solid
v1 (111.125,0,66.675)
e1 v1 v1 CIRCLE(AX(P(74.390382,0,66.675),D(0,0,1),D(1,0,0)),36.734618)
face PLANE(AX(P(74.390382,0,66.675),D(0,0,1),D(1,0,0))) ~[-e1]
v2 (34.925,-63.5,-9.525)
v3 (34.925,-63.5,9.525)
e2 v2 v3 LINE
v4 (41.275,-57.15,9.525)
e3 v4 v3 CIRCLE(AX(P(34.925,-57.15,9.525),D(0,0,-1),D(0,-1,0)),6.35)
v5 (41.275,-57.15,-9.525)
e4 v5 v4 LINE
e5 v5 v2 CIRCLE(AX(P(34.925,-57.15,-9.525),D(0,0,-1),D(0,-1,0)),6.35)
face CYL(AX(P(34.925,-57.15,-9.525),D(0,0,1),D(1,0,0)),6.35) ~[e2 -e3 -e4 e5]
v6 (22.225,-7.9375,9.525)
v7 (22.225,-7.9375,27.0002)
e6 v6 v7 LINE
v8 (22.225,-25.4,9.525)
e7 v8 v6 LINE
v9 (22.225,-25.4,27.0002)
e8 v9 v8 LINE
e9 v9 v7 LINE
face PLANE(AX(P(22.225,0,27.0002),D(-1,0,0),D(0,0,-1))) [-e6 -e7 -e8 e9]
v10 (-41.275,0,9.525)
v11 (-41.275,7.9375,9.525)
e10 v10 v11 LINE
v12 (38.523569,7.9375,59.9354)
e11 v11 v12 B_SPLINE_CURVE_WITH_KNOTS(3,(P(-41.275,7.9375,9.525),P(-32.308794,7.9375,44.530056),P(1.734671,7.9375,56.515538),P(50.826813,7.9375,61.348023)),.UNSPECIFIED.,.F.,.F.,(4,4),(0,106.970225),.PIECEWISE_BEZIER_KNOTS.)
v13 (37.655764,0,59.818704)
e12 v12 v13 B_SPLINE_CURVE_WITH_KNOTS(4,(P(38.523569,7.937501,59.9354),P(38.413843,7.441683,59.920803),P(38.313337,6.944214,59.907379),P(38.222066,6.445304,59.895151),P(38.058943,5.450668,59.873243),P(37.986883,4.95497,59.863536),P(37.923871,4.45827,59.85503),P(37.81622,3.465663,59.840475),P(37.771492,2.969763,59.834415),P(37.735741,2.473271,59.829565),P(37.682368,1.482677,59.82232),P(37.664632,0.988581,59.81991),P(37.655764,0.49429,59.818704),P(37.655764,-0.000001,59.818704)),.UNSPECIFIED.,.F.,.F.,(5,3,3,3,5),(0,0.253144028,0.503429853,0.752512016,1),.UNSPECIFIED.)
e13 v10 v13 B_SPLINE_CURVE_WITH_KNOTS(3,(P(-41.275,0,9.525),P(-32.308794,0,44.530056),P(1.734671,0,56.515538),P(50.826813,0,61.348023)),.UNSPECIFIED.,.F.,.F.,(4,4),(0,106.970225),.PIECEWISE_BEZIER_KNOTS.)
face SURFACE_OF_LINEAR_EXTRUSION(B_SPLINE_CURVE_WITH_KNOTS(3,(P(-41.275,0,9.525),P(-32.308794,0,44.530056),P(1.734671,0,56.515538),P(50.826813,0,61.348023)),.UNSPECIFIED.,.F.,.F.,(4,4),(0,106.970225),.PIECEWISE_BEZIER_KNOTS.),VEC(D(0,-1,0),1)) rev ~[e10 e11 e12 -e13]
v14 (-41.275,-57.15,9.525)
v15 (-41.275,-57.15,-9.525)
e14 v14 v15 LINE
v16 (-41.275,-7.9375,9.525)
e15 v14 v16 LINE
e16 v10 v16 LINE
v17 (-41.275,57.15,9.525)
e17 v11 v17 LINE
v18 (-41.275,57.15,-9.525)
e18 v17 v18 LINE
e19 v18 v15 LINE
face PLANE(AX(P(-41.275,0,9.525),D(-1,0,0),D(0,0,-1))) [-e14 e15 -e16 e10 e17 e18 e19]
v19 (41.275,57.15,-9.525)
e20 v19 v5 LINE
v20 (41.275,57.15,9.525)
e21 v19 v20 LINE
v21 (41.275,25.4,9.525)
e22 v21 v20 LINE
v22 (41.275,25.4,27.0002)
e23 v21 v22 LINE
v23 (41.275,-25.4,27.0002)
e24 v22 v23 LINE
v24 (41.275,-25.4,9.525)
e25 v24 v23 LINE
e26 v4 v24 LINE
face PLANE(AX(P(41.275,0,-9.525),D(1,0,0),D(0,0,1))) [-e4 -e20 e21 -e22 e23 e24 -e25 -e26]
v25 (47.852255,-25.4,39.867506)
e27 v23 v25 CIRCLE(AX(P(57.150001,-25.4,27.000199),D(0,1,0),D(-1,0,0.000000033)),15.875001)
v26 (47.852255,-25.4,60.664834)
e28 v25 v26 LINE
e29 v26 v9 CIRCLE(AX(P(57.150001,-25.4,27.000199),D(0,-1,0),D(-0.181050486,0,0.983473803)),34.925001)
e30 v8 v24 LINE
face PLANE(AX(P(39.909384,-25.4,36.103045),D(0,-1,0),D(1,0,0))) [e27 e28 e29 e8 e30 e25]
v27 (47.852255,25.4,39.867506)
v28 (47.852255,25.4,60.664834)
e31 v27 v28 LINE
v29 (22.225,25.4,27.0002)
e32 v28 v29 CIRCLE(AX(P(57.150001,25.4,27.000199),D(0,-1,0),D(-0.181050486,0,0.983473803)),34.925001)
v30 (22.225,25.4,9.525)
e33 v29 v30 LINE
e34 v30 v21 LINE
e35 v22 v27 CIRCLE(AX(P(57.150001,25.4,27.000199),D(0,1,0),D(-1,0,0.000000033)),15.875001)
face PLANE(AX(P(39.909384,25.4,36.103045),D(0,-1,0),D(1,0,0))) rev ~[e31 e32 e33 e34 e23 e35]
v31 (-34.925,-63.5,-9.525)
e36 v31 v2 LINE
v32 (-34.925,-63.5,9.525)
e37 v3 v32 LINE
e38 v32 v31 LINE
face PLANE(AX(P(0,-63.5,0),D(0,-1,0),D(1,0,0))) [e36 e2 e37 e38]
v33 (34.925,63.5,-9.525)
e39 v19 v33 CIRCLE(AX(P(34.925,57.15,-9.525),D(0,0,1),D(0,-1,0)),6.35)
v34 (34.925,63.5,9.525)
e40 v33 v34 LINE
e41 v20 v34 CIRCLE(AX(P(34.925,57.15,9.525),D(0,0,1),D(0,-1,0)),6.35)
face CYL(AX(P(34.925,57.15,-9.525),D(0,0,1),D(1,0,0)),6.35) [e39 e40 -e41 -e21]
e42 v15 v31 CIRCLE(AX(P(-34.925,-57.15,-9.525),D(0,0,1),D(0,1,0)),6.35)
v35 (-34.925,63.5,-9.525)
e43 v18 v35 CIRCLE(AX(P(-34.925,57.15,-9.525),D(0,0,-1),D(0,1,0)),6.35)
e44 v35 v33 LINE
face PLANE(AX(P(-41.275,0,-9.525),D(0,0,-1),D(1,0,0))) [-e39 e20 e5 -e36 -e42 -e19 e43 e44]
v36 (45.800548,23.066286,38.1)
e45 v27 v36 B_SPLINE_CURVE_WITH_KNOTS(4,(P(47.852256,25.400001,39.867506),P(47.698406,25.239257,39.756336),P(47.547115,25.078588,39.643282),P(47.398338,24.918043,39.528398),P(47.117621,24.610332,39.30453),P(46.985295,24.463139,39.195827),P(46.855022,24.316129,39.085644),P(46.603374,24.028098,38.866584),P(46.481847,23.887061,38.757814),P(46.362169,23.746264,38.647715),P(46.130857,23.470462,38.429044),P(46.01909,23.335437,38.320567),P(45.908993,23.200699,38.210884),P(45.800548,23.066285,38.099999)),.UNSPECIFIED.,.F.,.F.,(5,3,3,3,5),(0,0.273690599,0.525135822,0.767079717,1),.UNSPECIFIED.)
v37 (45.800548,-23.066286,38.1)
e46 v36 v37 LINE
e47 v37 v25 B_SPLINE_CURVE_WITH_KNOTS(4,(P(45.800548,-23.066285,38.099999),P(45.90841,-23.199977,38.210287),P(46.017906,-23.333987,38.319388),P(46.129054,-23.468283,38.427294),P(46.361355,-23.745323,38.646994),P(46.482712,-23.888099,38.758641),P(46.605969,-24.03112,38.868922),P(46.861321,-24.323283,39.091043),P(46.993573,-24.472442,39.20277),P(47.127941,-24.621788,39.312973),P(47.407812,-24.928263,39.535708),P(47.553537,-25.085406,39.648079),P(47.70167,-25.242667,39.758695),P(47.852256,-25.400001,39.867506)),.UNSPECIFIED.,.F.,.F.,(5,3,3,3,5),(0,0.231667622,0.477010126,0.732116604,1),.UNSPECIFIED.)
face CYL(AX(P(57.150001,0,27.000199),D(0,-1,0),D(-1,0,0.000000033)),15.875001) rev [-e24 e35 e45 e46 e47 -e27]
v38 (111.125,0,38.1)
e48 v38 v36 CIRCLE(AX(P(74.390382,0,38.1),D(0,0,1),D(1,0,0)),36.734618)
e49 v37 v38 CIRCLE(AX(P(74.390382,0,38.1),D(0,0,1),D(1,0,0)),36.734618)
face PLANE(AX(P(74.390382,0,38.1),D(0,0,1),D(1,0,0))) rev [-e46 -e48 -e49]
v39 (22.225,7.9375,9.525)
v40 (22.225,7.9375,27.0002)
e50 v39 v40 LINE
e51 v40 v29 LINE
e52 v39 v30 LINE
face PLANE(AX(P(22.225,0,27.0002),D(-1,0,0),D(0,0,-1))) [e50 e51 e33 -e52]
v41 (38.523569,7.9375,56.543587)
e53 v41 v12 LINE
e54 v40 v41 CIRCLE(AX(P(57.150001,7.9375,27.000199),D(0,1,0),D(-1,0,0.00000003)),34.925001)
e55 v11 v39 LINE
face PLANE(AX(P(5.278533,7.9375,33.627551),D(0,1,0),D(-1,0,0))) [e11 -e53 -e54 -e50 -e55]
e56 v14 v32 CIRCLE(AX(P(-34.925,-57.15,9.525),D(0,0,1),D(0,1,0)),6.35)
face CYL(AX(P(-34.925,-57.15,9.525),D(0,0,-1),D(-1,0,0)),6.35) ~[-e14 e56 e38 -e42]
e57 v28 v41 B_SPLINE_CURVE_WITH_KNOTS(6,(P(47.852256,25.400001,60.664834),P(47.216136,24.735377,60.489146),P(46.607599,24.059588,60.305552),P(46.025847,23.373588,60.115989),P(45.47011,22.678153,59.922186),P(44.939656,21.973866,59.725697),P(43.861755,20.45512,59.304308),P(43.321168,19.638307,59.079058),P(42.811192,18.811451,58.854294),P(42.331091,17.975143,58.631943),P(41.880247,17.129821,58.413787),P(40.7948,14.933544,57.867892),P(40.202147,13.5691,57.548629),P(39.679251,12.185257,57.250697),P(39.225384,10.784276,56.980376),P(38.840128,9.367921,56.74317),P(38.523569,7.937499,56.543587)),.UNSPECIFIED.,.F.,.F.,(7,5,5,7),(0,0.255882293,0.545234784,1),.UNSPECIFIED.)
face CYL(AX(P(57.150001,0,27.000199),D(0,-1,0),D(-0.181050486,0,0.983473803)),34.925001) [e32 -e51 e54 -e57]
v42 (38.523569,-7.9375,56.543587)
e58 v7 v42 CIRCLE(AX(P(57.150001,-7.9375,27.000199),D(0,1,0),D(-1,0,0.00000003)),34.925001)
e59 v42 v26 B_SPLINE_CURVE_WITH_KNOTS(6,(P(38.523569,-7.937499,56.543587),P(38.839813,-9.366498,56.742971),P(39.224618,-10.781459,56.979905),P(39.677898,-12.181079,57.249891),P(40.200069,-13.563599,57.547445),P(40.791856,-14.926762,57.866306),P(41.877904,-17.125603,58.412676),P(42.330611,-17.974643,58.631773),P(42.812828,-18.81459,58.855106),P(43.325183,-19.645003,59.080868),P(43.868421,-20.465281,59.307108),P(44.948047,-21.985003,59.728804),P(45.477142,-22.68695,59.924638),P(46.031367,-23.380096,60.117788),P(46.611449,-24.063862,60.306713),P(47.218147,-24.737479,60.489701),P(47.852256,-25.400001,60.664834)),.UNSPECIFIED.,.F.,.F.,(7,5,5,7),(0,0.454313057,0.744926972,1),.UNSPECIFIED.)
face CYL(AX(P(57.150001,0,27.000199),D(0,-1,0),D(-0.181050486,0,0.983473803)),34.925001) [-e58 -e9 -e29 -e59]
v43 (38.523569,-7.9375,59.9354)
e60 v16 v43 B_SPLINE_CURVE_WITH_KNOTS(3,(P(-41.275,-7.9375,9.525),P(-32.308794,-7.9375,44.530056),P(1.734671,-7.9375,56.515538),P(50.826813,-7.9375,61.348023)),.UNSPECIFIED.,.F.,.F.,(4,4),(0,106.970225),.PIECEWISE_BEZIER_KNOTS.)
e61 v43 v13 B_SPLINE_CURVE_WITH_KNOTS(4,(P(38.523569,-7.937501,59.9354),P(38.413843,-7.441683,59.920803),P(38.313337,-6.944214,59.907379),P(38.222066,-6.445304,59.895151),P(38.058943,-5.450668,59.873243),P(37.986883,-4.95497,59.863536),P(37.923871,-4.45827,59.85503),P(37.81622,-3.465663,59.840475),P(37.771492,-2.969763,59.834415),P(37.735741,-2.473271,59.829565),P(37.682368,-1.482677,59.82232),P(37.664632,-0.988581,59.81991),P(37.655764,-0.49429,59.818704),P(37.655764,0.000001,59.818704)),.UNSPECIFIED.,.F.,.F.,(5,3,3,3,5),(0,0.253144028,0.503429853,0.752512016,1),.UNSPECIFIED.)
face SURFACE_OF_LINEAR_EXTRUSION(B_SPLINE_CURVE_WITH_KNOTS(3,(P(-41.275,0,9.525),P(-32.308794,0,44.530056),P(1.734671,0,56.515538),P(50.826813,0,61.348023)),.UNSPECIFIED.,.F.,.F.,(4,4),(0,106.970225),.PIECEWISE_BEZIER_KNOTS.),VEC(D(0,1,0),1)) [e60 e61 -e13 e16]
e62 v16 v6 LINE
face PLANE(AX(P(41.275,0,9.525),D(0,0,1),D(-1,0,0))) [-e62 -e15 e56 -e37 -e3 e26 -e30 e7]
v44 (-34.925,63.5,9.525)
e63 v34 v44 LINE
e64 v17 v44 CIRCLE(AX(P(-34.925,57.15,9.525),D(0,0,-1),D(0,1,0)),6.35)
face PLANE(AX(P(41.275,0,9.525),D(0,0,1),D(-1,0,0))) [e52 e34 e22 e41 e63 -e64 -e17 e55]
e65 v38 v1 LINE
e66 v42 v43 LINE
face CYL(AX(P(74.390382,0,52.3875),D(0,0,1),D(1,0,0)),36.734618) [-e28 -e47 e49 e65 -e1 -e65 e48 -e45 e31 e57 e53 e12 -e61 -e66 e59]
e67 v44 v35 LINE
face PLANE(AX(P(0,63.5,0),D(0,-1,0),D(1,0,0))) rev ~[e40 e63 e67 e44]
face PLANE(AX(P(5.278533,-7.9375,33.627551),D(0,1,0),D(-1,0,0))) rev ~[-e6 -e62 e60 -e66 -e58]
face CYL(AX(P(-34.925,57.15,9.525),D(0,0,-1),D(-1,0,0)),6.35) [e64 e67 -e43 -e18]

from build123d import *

# Parameters (mm, degrees)
F1_DEPTH = 63.5
F2_DEPTH = 25.4
F3_DEPTH = 7.9375
F0_W     = 36.734618
F0_H     = 28.575
F5_R     = 6.35


with BuildPart() as f1:
    # F0 (on Front) → F1 (new body, symmetric)
    with BuildSketch(Plane.XZ):
        Polygon((-41.275, 9.525), (-41.275, -9.525), (41.275, -9.525), (41.275, 9.525), (22.225, 9.525), align=None)
    extrude(amount=F1_DEPTH, both=True)

    # F0 (on Front) → F2 (join, symmetric)
    with BuildSketch(Plane.XZ):
        with BuildLine():
            Line((22.225, 9.525), (41.275, 9.525))
            Line((41.275, 9.525), (41.275, 27.0002))
            ThreePointArc((41.275, 27.0002), (45.92468, 38.22552), (57.15, 42.8752))
            Line((57.15, 42.8752), (60.325, 42.8752))
            Line((60.325, 42.8752), (60.325, 61.9252))
            Line((60.325, 61.9252), (57.15, 61.9252))
            add(Edge.make_bspline(
                [(50.826813, 61.348023), (52.907758, 61.552865), (55.015741, 61.744854), (57.15, 61.9252)],
                knots=[106.970225, 106.970225, 106.970225, 106.970225, 111.504536, 111.504536, 111.504536, 111.504536], degree=3))
            ThreePointArc((50.826813, 61.348023), (30.311661, 49.348783), (22.225, 27.0002))
            Line((22.225, 27.0002), (22.225, 9.525))
        make_face()
        Polygon((60.325, 66.675), (60.325, 61.9252), (60.325, 42.8752), (60.325, 38.1), (74.390382, 38.1), (74.390382, 66.675), align=None)
    extrude(amount=F2_DEPTH, both=True)

    # F0 (on Front) → F3 (join, symmetric)
    with BuildSketch(Plane.XZ):
        with BuildLine():
            add(Edge.make_bspline(
                [(-41.275, 9.525), (-32.308794, 44.530056), (1.734671, 56.515538), (50.826813, 61.348023)],
                knots=[0, 0, 0, 0, 106.970225, 106.970225, 106.970225, 106.970225], degree=3))
            Line((-41.275, 9.525), (22.225, 9.525))
            Line((22.225, 9.525), (22.225, 27.0002))
            ThreePointArc((22.225, 27.0002), (30.311661, 49.348783), (50.826813, 61.348023))
        make_face()
    extrude(amount=F3_DEPTH, both=True)

    # F0 (on Front) → F4 (revolve)
    with BuildSketch(Plane.XZ):
        with Locations((92.757691, 52.3875)):
            Rectangle(F0_W, F0_H)
    revolve(axis=Axis((74.390382, 0, 52.3875), (0, 0, 1)))

    # F5
    f5_edges = [f1.edges().sort_by_distance(p)[0] for p in [
        (-41.275, -63.5, 0),
        (41.275, -63.5, 0),
        (41.275, 63.5, 0),
        (-41.275, 63.5, 0),
    ]]
    fillet(f5_edges, radius=F5_R)


solid = f1.part
